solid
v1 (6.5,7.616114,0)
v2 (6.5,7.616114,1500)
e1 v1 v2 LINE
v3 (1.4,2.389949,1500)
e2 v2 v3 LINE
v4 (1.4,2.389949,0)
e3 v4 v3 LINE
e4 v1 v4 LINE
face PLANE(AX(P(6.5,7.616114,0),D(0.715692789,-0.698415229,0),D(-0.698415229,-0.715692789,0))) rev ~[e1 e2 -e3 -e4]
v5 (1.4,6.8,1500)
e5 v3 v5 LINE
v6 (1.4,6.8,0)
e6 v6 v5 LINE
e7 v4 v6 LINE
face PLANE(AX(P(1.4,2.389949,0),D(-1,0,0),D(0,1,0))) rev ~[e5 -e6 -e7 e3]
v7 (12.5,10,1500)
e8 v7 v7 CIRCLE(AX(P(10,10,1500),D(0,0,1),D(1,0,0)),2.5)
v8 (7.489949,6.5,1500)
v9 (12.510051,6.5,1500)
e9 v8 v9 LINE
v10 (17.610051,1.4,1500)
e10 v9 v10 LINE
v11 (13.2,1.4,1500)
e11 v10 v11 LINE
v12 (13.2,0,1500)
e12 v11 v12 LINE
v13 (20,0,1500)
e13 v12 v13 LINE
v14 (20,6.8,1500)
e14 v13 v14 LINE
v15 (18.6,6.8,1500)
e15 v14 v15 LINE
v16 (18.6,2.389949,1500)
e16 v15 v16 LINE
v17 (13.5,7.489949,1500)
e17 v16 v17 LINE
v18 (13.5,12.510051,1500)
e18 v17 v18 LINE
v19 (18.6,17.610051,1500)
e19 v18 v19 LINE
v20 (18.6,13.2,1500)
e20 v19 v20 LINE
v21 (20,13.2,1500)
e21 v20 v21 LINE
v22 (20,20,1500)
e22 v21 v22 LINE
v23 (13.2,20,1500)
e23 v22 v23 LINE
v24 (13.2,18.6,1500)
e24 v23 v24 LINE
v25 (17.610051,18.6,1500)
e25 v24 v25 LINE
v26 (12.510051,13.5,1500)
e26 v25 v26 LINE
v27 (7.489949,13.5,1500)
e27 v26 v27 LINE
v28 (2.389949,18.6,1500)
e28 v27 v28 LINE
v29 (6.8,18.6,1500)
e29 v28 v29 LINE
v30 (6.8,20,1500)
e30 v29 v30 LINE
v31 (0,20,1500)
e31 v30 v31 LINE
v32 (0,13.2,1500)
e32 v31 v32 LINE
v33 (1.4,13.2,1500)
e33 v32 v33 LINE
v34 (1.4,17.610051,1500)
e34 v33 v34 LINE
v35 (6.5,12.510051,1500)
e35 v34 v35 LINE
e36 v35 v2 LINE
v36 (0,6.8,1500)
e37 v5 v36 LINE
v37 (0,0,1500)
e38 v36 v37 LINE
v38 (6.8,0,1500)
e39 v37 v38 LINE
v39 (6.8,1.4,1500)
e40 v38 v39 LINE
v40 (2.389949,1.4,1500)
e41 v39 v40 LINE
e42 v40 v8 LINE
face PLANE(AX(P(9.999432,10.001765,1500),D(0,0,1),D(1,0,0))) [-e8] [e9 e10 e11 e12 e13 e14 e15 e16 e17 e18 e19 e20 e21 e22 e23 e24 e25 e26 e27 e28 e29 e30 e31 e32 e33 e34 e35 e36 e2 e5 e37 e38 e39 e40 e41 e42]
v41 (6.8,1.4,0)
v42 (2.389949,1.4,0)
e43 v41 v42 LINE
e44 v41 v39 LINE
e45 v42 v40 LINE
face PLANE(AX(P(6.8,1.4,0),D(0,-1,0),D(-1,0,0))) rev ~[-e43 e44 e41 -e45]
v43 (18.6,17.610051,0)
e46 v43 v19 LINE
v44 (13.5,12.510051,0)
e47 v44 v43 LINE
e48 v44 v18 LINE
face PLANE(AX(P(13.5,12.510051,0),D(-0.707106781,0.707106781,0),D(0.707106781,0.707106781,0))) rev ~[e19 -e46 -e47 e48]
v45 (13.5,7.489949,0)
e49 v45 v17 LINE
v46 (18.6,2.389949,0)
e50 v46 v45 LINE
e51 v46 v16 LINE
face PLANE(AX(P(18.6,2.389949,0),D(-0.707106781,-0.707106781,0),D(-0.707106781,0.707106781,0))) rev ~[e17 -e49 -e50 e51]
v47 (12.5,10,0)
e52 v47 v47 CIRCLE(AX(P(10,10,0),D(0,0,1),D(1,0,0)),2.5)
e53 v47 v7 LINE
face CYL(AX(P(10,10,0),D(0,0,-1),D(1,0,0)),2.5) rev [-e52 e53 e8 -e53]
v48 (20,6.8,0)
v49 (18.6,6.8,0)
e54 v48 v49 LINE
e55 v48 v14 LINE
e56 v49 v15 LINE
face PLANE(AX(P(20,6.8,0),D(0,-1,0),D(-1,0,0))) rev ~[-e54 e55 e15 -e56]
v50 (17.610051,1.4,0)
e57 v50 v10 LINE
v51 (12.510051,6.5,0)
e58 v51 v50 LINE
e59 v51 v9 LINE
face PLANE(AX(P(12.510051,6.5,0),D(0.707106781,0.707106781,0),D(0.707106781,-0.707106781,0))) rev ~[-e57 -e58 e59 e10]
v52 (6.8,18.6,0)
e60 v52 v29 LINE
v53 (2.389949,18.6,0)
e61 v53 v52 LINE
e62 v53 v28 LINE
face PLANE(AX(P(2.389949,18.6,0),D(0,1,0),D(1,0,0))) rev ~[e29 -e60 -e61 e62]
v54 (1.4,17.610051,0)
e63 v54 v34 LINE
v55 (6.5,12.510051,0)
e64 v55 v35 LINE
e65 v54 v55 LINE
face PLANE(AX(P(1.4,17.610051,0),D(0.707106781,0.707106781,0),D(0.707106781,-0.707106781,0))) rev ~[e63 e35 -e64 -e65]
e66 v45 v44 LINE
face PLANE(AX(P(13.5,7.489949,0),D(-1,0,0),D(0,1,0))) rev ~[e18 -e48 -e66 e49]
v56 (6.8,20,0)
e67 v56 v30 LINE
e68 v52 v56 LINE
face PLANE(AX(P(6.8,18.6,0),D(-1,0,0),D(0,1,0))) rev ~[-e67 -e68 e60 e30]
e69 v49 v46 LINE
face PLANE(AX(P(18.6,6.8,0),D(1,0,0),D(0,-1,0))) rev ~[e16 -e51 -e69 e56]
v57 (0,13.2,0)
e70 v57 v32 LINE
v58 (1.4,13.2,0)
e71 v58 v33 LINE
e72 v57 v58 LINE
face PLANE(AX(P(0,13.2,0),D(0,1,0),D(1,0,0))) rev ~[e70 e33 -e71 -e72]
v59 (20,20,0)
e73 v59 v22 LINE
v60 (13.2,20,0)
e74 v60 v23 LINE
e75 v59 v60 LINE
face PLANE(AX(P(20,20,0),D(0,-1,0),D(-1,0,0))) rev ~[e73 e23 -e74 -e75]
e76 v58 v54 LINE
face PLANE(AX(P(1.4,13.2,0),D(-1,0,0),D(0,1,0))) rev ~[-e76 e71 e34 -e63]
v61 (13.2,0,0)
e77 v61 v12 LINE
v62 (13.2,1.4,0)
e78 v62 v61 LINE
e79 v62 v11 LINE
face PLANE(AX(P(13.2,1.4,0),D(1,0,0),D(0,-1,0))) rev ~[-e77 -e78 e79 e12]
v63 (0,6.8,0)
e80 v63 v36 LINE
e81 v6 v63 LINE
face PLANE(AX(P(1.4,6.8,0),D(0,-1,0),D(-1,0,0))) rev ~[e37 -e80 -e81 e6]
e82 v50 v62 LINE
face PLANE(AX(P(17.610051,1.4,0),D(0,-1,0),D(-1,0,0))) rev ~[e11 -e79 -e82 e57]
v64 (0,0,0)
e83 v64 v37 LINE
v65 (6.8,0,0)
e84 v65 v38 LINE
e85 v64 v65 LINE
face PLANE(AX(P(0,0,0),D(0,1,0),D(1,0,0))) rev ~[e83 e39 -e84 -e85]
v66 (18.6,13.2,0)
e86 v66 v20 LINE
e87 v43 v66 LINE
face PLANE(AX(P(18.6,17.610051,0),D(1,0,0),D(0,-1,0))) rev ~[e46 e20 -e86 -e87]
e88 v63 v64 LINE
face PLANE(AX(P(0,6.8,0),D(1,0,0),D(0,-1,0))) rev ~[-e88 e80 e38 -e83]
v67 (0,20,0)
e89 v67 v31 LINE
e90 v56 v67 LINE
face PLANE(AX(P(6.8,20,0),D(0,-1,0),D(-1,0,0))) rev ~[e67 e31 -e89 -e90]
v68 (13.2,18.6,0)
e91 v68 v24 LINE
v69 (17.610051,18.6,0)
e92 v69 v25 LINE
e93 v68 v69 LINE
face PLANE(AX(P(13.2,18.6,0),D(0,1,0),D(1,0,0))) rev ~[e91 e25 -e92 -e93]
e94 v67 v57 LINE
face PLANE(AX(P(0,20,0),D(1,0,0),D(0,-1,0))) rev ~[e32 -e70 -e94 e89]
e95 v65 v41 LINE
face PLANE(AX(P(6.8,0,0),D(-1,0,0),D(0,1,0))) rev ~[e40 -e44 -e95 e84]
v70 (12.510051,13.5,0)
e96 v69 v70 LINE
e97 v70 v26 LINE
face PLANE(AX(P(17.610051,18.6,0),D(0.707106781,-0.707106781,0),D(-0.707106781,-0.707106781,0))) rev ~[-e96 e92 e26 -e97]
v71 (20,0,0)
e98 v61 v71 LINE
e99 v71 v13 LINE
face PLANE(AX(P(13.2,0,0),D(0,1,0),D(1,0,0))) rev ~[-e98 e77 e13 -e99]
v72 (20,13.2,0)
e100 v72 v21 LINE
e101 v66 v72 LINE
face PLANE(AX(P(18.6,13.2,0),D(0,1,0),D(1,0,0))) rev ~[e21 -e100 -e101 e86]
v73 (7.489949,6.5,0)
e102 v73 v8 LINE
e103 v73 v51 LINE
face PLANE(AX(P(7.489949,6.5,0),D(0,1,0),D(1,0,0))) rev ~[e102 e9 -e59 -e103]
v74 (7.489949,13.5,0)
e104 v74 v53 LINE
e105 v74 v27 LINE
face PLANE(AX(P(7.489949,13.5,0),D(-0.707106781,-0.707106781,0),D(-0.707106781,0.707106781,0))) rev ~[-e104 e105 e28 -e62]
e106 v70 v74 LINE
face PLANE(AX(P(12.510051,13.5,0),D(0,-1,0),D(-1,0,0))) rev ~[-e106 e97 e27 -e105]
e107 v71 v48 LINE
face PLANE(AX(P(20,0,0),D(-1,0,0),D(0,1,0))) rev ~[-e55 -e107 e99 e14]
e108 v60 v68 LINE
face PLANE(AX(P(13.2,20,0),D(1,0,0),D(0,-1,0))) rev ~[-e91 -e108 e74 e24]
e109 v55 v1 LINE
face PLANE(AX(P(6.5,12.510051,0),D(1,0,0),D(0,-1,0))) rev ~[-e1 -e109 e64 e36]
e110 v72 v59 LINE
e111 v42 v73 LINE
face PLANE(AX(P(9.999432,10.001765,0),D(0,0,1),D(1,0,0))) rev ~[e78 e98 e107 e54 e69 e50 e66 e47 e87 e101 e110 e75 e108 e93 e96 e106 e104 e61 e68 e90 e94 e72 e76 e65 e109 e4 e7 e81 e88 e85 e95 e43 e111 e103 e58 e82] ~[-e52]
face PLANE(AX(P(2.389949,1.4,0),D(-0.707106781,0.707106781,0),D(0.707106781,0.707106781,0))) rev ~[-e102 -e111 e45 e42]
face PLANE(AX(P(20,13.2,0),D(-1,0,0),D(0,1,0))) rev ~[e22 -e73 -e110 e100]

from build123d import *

# Parameters (mm, degrees)
F0_R     = 2.5
F1_DEPTH = 1500


with BuildPart() as f1:
    # F0 (on Top) → F1 (new body)
    with BuildSketch(Plane.XY):
        Polygon((6.5, 7.616114), (1.4, 2.389949), (1.4, 6.8), (0, 6.8), (0, 0), (6.8, 0), (6.8, 1.4), (2.389949, 1.4), (7.489949, 6.5), (12.510051, 6.5), (17.610051, 1.4), (13.2, 1.4), (13.2, 0), (20, 0), (20, 6.8), (18.6, 6.8), (18.6, 2.389949), (13.5, 7.489949), (13.5, 12.510051), (18.6, 17.610051), (18.6, 13.2), (20, 13.2), (20, 20), (13.2, 20), (13.2, 18.6), (17.610051, 18.6), (12.510051, 13.5), (7.489949, 13.5), (2.389949, 18.6), (6.8, 18.6), (6.8, 20), (0, 20), (0, 13.2), (1.4, 13.2), (1.4, 17.610051), (6.5, 12.510051), align=None)
        with Locations((10, 10)):
            Circle(F0_R, mode=Mode.SUBTRACT)
    extrude(amount=F1_DEPTH)


solid = f1.part
